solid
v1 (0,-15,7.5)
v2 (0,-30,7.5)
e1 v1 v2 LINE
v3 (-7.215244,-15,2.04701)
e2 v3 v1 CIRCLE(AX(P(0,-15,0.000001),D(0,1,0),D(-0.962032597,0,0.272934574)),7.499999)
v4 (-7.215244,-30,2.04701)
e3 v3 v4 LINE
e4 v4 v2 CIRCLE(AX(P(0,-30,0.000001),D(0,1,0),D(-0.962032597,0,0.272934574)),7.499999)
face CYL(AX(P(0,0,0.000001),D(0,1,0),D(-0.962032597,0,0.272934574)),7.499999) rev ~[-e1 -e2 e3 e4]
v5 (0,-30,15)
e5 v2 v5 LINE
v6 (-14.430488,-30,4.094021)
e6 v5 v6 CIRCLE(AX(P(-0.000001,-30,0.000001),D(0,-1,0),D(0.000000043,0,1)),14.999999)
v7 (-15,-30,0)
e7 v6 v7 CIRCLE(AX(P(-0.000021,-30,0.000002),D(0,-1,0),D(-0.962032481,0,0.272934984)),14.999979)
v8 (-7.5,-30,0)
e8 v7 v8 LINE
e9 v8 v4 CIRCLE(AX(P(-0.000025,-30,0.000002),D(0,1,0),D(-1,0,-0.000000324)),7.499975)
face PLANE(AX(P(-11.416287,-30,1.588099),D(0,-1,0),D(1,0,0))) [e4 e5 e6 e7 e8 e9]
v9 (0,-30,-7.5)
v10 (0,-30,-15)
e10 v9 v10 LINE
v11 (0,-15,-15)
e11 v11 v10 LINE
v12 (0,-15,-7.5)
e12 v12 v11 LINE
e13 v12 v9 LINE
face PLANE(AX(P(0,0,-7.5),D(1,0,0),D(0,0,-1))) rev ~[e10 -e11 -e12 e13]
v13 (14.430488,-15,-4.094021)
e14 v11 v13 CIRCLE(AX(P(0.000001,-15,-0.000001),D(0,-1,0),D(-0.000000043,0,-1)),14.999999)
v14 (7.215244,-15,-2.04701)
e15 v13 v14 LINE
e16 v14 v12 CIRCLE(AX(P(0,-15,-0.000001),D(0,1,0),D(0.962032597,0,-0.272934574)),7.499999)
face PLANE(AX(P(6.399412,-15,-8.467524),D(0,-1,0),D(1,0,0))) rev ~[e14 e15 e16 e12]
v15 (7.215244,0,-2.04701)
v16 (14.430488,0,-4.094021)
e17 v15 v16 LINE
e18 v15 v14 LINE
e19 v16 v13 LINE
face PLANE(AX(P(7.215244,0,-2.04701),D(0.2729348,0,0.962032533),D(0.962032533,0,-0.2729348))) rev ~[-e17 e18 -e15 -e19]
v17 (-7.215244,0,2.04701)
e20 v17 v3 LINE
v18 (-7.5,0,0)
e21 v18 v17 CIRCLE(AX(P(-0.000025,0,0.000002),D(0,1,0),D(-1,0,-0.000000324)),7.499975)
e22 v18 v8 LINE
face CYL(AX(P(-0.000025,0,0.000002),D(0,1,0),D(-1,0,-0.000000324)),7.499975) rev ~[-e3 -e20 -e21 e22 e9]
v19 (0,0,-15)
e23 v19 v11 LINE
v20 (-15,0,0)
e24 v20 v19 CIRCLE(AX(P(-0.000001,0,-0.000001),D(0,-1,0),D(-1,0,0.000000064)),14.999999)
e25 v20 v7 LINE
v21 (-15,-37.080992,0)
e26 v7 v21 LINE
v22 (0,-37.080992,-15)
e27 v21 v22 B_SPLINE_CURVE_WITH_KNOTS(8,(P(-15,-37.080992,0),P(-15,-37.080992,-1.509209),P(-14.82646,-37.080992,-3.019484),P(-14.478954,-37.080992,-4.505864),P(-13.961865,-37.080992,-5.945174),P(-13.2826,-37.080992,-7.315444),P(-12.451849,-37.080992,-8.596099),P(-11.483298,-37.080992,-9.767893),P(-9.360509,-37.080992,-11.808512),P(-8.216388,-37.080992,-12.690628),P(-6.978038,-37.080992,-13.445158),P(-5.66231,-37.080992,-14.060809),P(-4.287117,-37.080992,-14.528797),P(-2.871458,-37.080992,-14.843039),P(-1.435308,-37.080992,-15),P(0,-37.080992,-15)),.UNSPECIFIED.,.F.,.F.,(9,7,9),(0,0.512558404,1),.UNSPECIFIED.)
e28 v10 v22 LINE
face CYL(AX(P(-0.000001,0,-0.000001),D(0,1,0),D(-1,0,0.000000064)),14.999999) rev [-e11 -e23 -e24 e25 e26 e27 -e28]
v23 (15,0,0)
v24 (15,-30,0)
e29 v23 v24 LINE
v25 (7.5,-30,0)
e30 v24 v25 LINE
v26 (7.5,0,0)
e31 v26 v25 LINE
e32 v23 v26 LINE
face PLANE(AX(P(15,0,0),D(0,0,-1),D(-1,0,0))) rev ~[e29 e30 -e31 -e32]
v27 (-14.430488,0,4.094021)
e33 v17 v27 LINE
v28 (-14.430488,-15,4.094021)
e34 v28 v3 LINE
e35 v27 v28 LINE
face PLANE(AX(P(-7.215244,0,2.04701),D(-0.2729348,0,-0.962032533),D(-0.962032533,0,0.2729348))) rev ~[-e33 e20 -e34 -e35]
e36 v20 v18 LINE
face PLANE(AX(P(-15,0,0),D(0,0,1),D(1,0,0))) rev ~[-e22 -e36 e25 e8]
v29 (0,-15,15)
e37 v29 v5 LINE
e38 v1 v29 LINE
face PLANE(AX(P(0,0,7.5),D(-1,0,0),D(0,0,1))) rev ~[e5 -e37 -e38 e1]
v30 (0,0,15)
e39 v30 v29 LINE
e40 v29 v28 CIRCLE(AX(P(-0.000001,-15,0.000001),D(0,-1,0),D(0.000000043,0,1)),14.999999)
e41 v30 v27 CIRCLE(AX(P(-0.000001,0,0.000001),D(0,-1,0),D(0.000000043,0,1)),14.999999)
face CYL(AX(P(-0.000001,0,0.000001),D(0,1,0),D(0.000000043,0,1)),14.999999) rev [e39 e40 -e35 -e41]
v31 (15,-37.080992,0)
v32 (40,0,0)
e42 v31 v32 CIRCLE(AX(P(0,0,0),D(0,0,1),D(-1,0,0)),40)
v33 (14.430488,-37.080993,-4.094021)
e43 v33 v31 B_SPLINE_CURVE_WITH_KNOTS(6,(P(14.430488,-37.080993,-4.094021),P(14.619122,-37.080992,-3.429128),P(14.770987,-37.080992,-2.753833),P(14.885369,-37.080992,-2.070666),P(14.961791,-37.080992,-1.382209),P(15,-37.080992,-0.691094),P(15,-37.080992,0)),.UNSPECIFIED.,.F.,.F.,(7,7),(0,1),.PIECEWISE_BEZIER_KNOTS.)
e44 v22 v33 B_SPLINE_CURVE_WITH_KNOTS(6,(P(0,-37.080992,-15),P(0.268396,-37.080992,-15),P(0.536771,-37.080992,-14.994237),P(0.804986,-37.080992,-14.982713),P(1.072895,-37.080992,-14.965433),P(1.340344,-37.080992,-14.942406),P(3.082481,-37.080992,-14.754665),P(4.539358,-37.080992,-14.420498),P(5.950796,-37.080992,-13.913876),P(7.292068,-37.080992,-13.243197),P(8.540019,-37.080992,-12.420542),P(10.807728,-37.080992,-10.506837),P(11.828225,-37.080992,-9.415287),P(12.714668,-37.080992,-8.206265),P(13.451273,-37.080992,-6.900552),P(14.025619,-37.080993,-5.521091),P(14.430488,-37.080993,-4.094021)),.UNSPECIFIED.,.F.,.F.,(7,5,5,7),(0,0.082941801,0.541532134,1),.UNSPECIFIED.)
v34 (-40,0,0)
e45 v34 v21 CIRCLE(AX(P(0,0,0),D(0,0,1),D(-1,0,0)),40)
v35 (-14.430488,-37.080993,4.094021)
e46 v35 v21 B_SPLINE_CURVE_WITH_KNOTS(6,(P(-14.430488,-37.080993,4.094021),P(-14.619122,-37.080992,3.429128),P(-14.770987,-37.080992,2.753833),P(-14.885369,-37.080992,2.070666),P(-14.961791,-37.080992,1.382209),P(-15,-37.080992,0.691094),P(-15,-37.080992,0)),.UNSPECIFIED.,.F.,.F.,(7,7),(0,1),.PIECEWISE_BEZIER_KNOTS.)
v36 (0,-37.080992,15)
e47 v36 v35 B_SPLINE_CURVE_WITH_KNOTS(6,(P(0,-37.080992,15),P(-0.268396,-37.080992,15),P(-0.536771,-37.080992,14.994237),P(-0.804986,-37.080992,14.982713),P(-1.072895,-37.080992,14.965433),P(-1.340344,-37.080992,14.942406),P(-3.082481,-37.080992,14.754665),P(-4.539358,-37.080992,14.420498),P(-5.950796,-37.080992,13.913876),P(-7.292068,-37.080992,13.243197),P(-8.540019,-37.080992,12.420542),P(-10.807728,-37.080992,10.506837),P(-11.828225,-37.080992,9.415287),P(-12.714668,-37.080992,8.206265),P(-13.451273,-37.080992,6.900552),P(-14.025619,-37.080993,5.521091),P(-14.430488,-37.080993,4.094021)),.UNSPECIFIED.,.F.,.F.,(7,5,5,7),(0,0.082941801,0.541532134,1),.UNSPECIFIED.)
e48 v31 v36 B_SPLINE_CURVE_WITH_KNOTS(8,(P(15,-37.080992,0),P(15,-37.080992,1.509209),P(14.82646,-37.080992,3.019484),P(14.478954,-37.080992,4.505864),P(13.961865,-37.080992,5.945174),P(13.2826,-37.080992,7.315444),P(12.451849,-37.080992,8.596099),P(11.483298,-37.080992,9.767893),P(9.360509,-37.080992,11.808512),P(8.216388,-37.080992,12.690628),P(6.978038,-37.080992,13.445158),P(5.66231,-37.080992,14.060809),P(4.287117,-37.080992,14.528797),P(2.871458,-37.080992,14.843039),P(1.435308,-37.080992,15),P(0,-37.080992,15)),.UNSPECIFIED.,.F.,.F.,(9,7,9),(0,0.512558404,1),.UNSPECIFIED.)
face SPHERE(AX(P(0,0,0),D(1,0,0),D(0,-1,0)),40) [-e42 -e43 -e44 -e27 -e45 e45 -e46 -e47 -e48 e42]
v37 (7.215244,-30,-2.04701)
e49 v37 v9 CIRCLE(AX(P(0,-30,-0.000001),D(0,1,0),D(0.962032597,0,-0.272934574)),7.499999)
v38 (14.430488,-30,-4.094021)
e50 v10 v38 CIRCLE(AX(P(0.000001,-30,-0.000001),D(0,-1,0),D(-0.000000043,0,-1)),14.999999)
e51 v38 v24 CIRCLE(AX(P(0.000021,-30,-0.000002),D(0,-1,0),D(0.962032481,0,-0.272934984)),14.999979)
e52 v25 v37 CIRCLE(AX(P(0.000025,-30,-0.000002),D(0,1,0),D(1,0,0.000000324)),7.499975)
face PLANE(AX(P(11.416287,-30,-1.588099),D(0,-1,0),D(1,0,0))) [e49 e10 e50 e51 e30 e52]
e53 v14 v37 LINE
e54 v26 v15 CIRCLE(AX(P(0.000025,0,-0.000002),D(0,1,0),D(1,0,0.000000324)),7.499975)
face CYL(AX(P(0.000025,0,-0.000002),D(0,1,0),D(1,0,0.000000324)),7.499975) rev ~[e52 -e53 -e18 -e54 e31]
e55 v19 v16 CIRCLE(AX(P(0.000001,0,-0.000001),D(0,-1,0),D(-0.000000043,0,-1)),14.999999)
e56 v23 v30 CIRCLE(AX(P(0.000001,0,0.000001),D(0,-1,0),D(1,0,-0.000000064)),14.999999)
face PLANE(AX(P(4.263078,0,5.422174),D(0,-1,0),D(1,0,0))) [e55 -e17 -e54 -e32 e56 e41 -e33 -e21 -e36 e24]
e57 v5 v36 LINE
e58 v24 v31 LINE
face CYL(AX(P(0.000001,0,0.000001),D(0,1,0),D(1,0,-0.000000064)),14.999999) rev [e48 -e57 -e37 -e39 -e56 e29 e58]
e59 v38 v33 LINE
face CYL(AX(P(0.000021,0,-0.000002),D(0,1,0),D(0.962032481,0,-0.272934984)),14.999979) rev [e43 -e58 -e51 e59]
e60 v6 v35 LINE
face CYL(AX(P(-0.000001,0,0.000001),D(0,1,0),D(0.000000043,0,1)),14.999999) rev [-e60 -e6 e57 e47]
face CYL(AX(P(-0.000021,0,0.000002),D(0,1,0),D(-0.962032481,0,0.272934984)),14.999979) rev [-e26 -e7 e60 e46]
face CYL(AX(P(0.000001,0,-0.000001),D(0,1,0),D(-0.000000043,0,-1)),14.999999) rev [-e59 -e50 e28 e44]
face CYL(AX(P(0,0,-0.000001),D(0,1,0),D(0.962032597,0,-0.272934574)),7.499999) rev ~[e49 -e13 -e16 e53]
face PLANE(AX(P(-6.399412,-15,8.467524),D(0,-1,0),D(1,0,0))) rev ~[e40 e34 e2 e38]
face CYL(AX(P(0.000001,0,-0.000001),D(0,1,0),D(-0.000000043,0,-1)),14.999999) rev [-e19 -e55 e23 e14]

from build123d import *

# Parameters (mm, degrees)
F3_DEPTH = 100
F4_DEPTH = 30
F5_DEPTH = 15
F6_DEPTH = 30


with BuildPart() as f2:
    # F0 (on Top) → F2 (revolve)
    with BuildSketch(Plane.XY):
        with BuildLine():
            Line((40, 0), (-40, 0))
            ThreePointArc((-40, 0), (0, -40), (40, 0))
        make_face()
    revolve(axis=Axis((0, 0, 0), (1, 0, 0)))

    # F1 (on Front) → F3 (cut)
    with BuildSketch(Plane.XZ):
        with BuildLine():
            Line((7.5, 0), (15, 0))
            ThreePointArc((15, 0), (10.606602, 10.606602), (0, 15))
            Line((0, 15), (0, 7.5))
            ThreePointArc((0, 7.5), (-4.522025, 5.983418), (-7.215244, 2.04701))
            Line((-7.215244, 2.04701), (0, 0))
            Line((0, 0), (7.215244, -2.04701))
            ThreePointArc((7.215244, -2.04701), (7.42847, -1.033361), (7.5, 0))
        make_face()
        with BuildLine():
            ThreePointArc((14.430488, -4.094021), (14.85694, -2.066721), (15, 0))
            Line((15, 0), (7.5, 0))
            ThreePointArc((7.5, 0), (7.42847, -1.033361), (7.215244, -2.04701))
            Line((7.215244, -2.04701), (14.430488, -4.094021))
        make_face()
        with BuildLine():
            Line((0, 7.5), (0, 15))
            ThreePointArc((0, 15), (-9.04405, 11.966836), (-14.430488, 4.094021))
            Line((-14.430488, 4.094021), (-7.215244, 2.04701))
            ThreePointArc((-7.215244, 2.04701), (-4.522025, 5.983418), (0, 7.5))
        make_face()
        with BuildLine():
            ThreePointArc((0, -15), (9.04405, -11.966836), (14.430488, -4.094021))
            Line((14.430488, -4.094021), (7.215244, -2.04701))
            ThreePointArc((7.215244, -2.04701), (4.522025, -5.983418), (0, -7.5))
            Line((0, -7.5), (0, -15))
        make_face()
        with BuildLine():
            Line((-7.215244, 2.04701), (-14.430488, 4.094021))
            ThreePointArc((-14.430488, 4.094021), (-14.85694, 2.066721), (-15, 0))
            Line((-15, 0), (-7.5, 0))
            ThreePointArc((-7.5, 0), (-7.42847, 1.033361), (-7.215244, 2.04701))
        make_face()
        with BuildLine():
            ThreePointArc((-15, 0), (-10.606602, -10.606602), (0, -15))
            Line((0, -15), (0, -7.5))
            ThreePointArc((0, -7.5), (4.522025, -5.983418), (7.215244, -2.04701))
            Line((7.215244, -2.04701), (0, 0))
            Line((0, 0), (-7.215244, 2.04701))
            ThreePointArc((-7.215244, 2.04701), (-7.42847, 1.033361), (-7.5, 0))
            Line((-7.5, 0), (-15, 0))
        make_face()
    extrude(amount=F3_DEPTH, mode=Mode.SUBTRACT)

    # F1 (on Front) → F4 (join)
    with BuildSketch(Plane.XZ):
        with BuildLine():
            Line((0, 7.5), (0, 15))
            ThreePointArc((0, 15), (-9.04405, 11.966836), (-14.430488, 4.094021))
            Line((-14.430488, 4.094021), (-7.215244, 2.04701))
            ThreePointArc((-7.215244, 2.04701), (-4.522025, 5.983418), (0, 7.5))
        make_face()
        with BuildLine():
            ThreePointArc((0, -15), (9.04405, -11.966836), (14.430488, -4.094021))
            Line((14.430488, -4.094021), (7.215244, -2.04701))
            ThreePointArc((7.215244, -2.04701), (4.522025, -5.983418), (0, -7.5))
            Line((0, -7.5), (0, -15))
        make_face()
    extrude(amount=F4_DEPTH)

    # F1 (on Front) → F5 (cut)
    with BuildSketch(Plane.XZ):
        with BuildLine():
            Line((0, 7.5), (0, 15))
            ThreePointArc((0, 15), (-9.04405, 11.966836), (-14.430488, 4.094021))
            Line((-14.430488, 4.094021), (-7.215244, 2.04701))
            ThreePointArc((-7.215244, 2.04701), (-4.522025, 5.983418), (0, 7.5))
        make_face()
        with BuildLine():
            ThreePointArc((0, -15), (9.04405, -11.966836), (14.430488, -4.094021))
            Line((14.430488, -4.094021), (7.215244, -2.04701))
            ThreePointArc((7.215244, -2.04701), (4.522025, -5.983418), (0, -7.5))
            Line((0, -7.5), (0, -15))
        make_face()
    extrude(amount=F5_DEPTH, mode=Mode.SUBTRACT)

    # F1 (on Front) → F6 (join)
    with BuildSketch(Plane.XZ):
        with BuildLine():
            Line((-7.215244, 2.04701), (-14.430488, 4.094021))
            ThreePointArc((-14.430488, 4.094021), (-14.85694, 2.066721), (-15, 0))
            Line((-15, 0), (-7.5, 0))
            ThreePointArc((-7.5, 0), (-7.42847, 1.033361), (-7.215244, 2.04701))
        make_face()
        with BuildLine():
            ThreePointArc((14.430488, -4.094021), (14.85694, -2.066721), (15, 0))
            Line((15, 0), (7.5, 0))
            ThreePointArc((7.5, 0), (7.42847, -1.033361), (7.215244, -2.04701))
            Line((7.215244, -2.04701), (14.430488, -4.094021))
        make_face()
    extrude(amount=F6_DEPTH)


solid = f2.part
